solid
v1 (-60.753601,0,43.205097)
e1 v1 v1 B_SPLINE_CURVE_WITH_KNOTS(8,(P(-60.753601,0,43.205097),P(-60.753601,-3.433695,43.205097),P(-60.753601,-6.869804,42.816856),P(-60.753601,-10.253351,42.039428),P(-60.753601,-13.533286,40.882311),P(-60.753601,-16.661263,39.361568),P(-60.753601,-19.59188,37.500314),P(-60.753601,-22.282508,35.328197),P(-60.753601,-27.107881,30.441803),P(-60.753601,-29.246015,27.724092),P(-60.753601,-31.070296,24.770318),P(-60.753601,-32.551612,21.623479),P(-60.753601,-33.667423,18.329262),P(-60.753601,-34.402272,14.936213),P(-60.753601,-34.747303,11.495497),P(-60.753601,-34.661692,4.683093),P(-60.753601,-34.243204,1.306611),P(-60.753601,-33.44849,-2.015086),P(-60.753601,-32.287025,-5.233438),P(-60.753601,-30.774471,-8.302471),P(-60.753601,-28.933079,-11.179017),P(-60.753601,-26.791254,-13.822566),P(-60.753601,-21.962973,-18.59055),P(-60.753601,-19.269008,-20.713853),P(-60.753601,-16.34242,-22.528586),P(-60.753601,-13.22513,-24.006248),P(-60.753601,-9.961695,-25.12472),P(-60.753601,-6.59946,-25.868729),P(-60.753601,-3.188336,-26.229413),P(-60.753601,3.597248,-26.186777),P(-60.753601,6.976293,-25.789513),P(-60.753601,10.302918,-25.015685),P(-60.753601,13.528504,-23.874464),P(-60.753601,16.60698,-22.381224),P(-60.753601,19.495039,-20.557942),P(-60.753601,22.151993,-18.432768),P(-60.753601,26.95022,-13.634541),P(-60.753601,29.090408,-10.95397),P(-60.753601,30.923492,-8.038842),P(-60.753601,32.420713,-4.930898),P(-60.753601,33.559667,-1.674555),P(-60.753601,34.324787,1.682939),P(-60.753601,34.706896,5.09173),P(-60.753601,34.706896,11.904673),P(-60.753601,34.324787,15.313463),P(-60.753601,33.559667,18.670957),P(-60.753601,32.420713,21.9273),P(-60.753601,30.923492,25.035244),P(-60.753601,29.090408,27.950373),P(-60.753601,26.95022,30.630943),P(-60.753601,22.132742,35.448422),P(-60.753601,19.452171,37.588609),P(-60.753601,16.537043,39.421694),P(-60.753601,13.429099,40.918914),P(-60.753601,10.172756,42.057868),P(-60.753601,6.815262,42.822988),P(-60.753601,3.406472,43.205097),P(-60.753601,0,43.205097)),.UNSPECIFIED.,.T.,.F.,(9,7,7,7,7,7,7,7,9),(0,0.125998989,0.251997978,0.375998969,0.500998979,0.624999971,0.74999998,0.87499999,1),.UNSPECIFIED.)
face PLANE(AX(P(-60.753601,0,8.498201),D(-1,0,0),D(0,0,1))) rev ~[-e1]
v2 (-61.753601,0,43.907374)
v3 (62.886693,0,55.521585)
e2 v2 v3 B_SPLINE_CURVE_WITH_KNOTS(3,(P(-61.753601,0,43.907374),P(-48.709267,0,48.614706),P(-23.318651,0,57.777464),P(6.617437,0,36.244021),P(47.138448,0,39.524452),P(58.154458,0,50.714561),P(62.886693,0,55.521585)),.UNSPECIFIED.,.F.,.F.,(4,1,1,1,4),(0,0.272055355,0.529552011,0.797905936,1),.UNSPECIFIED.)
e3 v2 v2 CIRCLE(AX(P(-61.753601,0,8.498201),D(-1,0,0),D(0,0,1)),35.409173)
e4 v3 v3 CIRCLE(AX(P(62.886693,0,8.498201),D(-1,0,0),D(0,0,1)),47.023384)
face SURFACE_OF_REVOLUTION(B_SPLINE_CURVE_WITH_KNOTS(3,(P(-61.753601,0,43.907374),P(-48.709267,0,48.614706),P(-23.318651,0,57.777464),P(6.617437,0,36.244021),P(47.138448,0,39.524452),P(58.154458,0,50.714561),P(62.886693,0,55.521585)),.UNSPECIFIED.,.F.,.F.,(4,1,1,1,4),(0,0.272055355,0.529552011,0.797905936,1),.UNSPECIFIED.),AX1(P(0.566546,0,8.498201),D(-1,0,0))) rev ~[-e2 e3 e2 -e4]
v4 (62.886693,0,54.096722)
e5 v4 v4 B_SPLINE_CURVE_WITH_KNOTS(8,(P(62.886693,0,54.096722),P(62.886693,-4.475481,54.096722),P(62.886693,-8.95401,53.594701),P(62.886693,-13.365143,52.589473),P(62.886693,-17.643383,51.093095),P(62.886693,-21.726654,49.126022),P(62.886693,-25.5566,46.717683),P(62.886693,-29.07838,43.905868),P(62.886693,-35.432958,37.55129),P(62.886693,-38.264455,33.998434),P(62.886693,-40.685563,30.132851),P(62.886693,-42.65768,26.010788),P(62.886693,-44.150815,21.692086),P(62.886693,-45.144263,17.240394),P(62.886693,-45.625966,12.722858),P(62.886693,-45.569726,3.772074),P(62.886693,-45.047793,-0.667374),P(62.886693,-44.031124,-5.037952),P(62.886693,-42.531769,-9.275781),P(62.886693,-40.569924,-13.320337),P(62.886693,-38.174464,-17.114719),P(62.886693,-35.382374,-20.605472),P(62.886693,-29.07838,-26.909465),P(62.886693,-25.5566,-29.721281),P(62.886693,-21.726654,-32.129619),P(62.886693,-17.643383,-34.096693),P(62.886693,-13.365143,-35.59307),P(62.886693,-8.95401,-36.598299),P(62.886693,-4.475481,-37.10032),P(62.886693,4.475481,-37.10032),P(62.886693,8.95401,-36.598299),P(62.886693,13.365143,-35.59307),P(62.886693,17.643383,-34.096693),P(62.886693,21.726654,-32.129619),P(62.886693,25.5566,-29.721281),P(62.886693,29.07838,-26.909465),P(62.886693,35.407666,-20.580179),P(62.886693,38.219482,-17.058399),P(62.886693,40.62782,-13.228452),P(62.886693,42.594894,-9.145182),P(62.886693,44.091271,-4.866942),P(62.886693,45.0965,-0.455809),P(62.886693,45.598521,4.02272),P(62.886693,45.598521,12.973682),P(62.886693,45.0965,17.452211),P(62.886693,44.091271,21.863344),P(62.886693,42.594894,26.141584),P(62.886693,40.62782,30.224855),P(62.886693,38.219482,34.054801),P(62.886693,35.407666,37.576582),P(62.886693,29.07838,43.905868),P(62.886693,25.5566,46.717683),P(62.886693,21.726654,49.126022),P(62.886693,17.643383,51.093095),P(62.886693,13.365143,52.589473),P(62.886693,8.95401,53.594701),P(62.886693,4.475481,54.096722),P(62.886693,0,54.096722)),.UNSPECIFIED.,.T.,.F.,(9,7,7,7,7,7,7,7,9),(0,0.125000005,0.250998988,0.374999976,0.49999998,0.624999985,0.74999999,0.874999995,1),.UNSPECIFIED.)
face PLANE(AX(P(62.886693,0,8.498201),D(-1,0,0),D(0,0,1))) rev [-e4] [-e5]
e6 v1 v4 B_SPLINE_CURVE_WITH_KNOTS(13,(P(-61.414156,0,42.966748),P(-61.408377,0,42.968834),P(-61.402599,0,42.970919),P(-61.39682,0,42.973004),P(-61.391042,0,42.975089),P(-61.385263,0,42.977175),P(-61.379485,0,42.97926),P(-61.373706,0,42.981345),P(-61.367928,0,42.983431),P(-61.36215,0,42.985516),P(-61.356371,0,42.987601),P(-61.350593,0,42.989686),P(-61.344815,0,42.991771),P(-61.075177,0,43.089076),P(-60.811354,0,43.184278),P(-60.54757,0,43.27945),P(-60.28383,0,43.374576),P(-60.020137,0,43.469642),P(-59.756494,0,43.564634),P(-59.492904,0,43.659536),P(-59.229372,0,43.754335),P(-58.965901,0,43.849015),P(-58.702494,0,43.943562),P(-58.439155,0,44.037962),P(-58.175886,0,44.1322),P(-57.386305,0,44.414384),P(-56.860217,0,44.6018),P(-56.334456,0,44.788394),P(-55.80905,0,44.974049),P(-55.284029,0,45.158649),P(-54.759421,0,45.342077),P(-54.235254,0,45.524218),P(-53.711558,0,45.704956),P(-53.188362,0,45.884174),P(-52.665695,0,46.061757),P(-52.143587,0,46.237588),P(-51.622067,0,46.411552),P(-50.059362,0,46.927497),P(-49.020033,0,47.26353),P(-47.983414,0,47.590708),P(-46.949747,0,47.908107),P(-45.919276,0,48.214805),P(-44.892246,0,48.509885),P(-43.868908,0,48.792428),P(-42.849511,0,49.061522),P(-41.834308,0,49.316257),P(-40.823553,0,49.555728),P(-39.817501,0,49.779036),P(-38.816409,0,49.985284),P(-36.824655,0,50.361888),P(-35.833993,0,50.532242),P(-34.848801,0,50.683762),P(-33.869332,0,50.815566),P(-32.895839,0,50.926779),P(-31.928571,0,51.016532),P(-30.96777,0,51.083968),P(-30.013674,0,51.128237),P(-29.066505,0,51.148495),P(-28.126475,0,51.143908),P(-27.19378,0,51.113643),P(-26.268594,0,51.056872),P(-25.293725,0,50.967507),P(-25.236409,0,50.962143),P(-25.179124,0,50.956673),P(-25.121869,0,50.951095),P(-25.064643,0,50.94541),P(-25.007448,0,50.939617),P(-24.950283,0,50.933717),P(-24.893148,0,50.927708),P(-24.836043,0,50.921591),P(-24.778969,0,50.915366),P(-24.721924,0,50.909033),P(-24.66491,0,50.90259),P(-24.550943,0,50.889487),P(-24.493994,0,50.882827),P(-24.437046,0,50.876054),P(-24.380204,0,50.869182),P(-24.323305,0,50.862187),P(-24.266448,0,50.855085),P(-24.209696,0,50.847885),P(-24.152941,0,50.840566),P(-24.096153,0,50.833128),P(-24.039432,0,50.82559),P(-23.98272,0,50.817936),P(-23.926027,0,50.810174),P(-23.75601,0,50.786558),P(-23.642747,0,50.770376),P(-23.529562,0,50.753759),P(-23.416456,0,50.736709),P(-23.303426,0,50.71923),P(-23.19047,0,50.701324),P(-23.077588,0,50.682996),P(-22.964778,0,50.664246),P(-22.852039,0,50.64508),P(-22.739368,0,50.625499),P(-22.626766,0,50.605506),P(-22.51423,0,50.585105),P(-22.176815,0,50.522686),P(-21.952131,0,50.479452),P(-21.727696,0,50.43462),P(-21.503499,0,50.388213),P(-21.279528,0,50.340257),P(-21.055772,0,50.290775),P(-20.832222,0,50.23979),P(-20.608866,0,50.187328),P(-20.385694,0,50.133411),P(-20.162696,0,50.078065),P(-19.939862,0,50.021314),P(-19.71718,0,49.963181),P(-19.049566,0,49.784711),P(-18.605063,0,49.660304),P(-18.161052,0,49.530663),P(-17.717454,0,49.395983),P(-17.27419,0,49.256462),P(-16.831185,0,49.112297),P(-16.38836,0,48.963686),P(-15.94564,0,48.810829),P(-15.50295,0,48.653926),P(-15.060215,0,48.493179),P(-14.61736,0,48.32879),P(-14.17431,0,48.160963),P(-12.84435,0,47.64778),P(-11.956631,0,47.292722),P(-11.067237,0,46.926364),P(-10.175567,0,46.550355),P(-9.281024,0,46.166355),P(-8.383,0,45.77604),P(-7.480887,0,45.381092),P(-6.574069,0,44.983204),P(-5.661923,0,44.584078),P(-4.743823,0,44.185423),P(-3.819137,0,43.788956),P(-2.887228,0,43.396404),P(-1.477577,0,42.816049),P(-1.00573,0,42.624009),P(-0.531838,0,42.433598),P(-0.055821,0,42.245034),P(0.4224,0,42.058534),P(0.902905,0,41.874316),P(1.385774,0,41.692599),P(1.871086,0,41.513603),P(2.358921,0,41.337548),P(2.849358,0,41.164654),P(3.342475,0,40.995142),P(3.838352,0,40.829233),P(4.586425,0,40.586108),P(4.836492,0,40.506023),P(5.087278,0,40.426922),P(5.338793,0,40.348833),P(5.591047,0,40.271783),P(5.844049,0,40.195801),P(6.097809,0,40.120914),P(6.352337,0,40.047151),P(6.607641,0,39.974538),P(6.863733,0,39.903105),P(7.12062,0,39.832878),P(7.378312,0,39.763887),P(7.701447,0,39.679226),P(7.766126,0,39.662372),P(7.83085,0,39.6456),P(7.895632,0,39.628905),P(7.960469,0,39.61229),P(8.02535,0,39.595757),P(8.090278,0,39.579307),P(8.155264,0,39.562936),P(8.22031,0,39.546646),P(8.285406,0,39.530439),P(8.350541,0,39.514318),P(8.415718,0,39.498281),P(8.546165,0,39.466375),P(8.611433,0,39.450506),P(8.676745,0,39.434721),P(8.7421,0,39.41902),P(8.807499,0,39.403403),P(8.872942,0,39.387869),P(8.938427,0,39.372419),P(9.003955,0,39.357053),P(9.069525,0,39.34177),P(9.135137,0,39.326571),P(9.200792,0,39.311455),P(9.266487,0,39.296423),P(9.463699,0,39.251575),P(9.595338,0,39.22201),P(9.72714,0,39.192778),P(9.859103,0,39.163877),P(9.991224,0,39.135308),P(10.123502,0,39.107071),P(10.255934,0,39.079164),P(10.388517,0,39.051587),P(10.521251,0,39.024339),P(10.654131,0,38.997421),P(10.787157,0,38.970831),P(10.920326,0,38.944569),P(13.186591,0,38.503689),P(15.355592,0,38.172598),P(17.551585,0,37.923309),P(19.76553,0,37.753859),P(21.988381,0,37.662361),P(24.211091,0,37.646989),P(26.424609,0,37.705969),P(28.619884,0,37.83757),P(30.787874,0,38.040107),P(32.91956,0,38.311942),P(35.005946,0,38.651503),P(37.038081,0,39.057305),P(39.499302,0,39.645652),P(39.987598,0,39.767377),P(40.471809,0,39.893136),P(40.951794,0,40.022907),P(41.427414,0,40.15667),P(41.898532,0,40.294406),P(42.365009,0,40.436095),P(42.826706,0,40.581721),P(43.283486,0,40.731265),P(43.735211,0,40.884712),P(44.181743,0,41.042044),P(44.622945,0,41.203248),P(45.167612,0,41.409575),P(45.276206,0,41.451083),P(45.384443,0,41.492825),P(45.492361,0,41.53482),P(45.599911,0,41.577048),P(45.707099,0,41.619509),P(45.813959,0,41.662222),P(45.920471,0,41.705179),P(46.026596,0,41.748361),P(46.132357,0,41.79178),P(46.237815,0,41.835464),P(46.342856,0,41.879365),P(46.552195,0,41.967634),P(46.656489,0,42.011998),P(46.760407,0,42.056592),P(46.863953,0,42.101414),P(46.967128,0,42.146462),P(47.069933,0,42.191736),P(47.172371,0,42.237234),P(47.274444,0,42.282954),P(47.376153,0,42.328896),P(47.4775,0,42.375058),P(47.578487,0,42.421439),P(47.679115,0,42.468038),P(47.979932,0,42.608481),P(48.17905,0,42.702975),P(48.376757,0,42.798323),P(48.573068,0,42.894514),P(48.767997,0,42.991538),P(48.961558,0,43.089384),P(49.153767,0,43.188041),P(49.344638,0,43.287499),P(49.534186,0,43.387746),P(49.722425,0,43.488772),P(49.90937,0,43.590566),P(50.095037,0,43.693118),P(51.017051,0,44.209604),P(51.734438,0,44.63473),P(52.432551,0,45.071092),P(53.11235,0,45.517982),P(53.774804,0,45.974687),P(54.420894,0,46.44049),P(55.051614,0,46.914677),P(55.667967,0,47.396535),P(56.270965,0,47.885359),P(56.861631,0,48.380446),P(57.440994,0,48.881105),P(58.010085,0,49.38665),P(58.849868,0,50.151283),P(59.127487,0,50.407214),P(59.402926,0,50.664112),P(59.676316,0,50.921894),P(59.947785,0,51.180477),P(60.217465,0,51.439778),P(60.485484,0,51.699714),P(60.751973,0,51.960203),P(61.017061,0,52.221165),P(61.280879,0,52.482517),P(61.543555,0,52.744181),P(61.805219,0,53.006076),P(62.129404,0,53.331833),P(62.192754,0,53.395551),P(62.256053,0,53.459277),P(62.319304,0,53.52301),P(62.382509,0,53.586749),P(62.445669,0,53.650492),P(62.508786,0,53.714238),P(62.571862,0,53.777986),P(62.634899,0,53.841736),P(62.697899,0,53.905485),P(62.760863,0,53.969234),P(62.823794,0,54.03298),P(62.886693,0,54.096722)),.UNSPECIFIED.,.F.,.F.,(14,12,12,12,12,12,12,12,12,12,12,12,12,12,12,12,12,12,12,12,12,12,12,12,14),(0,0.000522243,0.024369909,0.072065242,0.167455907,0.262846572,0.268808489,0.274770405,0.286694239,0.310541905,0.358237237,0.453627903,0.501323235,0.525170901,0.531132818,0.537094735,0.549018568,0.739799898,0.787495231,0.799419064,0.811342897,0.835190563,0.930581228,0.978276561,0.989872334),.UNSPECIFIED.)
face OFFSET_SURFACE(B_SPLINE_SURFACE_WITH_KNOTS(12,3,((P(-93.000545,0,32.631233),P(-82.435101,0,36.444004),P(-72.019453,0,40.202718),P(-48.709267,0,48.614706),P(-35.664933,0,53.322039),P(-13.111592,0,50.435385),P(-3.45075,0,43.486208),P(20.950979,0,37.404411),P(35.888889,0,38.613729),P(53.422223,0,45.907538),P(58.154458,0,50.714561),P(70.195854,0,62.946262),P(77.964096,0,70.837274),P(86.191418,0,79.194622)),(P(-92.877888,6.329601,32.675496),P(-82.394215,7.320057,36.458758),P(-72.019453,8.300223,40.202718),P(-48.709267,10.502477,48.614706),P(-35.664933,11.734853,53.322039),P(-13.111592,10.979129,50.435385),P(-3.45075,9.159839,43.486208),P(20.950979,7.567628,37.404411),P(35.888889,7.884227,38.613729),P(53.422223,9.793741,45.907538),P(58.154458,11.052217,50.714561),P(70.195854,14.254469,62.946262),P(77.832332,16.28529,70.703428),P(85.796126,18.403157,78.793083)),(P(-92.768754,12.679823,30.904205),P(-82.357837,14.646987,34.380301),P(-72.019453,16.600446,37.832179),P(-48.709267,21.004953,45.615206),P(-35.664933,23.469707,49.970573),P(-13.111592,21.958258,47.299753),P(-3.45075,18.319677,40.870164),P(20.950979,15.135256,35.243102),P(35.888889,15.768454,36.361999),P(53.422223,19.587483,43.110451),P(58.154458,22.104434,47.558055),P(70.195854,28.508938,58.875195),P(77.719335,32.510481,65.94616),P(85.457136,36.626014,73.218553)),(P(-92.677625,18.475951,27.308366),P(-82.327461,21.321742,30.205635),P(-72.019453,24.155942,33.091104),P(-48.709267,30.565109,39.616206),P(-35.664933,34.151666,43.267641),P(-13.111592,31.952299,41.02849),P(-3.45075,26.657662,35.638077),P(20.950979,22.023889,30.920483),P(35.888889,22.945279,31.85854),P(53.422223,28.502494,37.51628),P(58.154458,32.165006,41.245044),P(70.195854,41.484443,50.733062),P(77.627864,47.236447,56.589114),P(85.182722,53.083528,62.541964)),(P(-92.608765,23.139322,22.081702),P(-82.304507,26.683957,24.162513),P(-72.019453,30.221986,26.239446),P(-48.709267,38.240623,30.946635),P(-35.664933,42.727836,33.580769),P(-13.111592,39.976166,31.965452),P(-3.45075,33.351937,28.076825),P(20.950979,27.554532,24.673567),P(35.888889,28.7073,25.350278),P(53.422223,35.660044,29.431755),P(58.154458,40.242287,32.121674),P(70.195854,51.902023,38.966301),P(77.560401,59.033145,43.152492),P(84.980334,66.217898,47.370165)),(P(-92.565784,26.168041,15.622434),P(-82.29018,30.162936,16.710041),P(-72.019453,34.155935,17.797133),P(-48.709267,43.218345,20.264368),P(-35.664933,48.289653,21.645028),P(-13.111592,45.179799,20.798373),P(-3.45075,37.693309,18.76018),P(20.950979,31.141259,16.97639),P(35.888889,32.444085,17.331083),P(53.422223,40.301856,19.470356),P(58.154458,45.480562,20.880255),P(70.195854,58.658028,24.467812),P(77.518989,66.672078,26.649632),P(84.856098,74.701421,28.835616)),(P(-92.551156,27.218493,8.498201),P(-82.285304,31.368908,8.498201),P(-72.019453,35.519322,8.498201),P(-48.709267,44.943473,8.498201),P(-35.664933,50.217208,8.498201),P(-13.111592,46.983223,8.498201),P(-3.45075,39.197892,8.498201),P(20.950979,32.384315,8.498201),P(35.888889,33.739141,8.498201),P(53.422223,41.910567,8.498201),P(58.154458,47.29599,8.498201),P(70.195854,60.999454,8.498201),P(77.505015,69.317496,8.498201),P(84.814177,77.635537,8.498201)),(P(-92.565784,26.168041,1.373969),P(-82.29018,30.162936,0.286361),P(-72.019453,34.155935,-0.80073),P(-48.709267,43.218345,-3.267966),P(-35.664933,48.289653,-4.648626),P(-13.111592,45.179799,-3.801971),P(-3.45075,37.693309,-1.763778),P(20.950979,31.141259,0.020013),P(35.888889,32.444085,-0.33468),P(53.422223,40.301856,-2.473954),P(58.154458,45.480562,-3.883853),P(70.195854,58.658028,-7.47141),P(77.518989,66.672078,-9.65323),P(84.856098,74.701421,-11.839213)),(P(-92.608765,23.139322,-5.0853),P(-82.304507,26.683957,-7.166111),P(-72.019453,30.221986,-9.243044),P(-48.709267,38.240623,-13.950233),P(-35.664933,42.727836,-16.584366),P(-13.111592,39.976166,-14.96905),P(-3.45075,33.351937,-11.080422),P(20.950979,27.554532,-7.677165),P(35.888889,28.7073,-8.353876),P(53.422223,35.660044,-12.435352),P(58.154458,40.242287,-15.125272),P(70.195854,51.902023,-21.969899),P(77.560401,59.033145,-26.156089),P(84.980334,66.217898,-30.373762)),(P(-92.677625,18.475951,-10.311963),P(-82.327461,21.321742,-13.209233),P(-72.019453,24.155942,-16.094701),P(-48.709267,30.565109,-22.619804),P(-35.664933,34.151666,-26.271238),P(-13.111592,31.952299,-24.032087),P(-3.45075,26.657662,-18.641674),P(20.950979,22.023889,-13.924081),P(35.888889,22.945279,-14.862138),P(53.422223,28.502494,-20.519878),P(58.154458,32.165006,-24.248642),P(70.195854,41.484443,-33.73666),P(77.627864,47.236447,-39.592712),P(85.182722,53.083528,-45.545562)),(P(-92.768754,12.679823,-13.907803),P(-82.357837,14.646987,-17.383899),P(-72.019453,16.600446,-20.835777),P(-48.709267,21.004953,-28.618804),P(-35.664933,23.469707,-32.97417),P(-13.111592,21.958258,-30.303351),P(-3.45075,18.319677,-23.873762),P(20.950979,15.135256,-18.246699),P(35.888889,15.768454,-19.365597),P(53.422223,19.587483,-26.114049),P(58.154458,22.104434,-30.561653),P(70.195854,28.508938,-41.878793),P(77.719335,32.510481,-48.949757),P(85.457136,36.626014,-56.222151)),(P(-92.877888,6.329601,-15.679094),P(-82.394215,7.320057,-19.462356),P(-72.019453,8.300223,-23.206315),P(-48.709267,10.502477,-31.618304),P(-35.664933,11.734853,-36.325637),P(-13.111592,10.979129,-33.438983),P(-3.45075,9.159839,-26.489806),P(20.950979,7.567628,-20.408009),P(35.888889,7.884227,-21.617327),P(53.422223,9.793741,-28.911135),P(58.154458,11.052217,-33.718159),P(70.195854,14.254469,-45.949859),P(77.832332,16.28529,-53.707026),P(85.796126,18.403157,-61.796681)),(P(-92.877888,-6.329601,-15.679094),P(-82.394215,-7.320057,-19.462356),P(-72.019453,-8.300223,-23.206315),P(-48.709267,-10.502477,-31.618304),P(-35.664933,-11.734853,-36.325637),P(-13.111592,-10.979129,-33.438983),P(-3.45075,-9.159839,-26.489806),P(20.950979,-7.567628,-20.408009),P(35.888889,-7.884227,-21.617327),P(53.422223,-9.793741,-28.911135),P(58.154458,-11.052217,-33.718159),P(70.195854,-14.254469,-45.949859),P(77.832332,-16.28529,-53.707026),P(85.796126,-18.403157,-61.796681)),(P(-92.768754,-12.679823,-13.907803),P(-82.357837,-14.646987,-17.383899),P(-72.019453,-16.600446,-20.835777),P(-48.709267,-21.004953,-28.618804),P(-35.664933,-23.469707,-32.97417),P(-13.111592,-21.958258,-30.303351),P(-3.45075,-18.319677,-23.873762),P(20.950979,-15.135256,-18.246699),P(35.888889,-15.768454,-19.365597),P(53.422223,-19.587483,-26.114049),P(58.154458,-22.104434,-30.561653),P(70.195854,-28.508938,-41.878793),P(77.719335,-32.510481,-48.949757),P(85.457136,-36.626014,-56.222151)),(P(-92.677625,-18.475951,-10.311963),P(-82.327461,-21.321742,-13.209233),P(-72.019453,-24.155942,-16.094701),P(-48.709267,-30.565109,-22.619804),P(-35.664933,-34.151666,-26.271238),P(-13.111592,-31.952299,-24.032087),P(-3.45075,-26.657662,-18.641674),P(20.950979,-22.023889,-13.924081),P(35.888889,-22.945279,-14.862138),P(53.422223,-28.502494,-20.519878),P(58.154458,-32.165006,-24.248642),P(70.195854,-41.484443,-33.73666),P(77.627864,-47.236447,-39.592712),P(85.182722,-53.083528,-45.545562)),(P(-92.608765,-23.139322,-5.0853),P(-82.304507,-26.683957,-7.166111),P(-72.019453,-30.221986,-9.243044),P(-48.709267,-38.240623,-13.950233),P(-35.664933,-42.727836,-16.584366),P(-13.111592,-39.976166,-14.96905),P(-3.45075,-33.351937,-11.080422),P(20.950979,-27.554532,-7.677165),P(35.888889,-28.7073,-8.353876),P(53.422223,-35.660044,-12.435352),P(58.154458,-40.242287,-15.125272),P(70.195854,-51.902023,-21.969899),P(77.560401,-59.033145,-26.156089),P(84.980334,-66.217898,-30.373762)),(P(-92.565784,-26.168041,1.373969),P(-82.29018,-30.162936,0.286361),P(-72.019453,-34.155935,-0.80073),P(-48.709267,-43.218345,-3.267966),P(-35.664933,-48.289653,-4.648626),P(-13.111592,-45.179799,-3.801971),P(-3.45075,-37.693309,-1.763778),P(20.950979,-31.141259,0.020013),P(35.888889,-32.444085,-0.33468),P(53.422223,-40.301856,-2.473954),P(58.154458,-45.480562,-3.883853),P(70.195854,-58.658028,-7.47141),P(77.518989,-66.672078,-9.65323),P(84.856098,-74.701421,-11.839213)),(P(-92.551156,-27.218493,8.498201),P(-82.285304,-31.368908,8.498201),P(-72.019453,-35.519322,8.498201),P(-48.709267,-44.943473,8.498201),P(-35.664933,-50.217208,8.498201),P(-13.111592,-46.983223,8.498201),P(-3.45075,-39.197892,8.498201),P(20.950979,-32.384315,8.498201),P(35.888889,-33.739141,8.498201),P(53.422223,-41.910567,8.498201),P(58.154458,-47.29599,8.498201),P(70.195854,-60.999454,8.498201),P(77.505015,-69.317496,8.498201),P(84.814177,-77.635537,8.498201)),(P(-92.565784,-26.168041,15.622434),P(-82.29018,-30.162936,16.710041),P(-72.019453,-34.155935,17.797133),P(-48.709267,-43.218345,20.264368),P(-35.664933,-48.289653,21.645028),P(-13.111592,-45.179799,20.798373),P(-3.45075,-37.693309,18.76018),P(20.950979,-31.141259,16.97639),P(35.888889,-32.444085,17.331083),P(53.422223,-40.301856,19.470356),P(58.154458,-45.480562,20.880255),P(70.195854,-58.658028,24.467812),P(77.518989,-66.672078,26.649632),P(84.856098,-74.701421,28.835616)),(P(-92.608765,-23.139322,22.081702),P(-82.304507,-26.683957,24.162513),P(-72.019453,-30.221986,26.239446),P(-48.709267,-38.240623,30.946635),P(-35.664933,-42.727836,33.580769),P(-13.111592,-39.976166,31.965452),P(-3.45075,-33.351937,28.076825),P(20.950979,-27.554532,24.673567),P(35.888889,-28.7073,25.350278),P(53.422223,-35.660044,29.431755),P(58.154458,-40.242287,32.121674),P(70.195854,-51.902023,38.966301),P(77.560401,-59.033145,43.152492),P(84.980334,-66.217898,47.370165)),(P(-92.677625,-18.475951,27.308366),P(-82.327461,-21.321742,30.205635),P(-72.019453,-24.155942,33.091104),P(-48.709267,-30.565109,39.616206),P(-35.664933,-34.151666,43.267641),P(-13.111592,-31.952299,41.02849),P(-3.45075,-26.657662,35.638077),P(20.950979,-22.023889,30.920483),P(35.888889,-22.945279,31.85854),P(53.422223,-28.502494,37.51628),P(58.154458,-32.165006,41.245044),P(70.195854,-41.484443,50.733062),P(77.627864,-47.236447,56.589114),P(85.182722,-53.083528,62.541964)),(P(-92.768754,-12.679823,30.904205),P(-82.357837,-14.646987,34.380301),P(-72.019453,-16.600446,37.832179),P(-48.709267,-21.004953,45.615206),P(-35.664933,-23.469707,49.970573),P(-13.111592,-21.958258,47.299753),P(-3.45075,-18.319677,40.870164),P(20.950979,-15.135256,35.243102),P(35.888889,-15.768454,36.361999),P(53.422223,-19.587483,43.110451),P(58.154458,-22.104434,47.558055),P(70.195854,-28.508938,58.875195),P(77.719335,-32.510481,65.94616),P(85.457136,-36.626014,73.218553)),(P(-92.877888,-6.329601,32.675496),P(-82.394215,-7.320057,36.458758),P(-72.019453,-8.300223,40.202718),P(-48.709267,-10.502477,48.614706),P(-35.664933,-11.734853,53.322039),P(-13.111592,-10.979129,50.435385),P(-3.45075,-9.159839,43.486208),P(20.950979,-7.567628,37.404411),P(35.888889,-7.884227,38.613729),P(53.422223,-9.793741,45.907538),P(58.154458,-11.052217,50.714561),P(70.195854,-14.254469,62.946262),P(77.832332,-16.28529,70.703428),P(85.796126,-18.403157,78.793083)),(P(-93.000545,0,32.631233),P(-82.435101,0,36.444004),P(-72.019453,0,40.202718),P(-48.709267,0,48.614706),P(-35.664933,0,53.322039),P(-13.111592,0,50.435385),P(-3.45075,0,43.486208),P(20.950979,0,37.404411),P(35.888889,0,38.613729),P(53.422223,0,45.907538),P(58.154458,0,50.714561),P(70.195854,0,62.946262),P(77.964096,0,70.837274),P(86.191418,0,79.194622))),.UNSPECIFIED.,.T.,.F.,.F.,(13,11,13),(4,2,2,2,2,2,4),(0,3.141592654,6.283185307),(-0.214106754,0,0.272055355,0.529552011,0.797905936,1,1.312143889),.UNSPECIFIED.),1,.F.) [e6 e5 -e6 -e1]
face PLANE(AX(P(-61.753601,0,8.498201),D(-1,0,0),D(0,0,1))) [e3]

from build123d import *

# Parameters (mm, degrees)
F2_T = -1


with BuildPart() as f1:
    # F0 (on Front) → F1 (revolve)
    with BuildSketch(Plane.XZ):
        with BuildLine():
            add(Edge.make_bspline(
                [(-61.7536008358, 43.9073741436), (-48.7092670542, 48.614706491), (-23.3186505255, 57.7774642451), (6.6174371029, 36.2440207395), (47.1384476335, 39.5244520588), (58.1544579039, 50.7145612968), (62.8866925836, 55.5215850472)],
                knots=[0, 0, 0, 0, 0.2720553549, 0.5295520113, 0.7979059358, 1, 1, 1, 1], degree=3))
            Line((-61.7536008358, 43.9073741436), (-61.7536008358, 8.4982011467))
            Line((-61.7536008358, 8.4982011467), (62.8866925836, 8.4982011467))
            Line((62.8866925836, 8.4982011467), (62.8866925836, 55.5215850472))
        make_face()
    revolve(axis=Axis((0.5665458739, 0, 8.4982011467), (-1, 0, 0)))

    # F2
    f2_openings = [f1.faces().sort_by_distance(p)[0] for p in [
        (62.886693, 0, 8.498201),
    ]]
    offset(amount=F2_T, openings=f2_openings)


solid = f1.part
